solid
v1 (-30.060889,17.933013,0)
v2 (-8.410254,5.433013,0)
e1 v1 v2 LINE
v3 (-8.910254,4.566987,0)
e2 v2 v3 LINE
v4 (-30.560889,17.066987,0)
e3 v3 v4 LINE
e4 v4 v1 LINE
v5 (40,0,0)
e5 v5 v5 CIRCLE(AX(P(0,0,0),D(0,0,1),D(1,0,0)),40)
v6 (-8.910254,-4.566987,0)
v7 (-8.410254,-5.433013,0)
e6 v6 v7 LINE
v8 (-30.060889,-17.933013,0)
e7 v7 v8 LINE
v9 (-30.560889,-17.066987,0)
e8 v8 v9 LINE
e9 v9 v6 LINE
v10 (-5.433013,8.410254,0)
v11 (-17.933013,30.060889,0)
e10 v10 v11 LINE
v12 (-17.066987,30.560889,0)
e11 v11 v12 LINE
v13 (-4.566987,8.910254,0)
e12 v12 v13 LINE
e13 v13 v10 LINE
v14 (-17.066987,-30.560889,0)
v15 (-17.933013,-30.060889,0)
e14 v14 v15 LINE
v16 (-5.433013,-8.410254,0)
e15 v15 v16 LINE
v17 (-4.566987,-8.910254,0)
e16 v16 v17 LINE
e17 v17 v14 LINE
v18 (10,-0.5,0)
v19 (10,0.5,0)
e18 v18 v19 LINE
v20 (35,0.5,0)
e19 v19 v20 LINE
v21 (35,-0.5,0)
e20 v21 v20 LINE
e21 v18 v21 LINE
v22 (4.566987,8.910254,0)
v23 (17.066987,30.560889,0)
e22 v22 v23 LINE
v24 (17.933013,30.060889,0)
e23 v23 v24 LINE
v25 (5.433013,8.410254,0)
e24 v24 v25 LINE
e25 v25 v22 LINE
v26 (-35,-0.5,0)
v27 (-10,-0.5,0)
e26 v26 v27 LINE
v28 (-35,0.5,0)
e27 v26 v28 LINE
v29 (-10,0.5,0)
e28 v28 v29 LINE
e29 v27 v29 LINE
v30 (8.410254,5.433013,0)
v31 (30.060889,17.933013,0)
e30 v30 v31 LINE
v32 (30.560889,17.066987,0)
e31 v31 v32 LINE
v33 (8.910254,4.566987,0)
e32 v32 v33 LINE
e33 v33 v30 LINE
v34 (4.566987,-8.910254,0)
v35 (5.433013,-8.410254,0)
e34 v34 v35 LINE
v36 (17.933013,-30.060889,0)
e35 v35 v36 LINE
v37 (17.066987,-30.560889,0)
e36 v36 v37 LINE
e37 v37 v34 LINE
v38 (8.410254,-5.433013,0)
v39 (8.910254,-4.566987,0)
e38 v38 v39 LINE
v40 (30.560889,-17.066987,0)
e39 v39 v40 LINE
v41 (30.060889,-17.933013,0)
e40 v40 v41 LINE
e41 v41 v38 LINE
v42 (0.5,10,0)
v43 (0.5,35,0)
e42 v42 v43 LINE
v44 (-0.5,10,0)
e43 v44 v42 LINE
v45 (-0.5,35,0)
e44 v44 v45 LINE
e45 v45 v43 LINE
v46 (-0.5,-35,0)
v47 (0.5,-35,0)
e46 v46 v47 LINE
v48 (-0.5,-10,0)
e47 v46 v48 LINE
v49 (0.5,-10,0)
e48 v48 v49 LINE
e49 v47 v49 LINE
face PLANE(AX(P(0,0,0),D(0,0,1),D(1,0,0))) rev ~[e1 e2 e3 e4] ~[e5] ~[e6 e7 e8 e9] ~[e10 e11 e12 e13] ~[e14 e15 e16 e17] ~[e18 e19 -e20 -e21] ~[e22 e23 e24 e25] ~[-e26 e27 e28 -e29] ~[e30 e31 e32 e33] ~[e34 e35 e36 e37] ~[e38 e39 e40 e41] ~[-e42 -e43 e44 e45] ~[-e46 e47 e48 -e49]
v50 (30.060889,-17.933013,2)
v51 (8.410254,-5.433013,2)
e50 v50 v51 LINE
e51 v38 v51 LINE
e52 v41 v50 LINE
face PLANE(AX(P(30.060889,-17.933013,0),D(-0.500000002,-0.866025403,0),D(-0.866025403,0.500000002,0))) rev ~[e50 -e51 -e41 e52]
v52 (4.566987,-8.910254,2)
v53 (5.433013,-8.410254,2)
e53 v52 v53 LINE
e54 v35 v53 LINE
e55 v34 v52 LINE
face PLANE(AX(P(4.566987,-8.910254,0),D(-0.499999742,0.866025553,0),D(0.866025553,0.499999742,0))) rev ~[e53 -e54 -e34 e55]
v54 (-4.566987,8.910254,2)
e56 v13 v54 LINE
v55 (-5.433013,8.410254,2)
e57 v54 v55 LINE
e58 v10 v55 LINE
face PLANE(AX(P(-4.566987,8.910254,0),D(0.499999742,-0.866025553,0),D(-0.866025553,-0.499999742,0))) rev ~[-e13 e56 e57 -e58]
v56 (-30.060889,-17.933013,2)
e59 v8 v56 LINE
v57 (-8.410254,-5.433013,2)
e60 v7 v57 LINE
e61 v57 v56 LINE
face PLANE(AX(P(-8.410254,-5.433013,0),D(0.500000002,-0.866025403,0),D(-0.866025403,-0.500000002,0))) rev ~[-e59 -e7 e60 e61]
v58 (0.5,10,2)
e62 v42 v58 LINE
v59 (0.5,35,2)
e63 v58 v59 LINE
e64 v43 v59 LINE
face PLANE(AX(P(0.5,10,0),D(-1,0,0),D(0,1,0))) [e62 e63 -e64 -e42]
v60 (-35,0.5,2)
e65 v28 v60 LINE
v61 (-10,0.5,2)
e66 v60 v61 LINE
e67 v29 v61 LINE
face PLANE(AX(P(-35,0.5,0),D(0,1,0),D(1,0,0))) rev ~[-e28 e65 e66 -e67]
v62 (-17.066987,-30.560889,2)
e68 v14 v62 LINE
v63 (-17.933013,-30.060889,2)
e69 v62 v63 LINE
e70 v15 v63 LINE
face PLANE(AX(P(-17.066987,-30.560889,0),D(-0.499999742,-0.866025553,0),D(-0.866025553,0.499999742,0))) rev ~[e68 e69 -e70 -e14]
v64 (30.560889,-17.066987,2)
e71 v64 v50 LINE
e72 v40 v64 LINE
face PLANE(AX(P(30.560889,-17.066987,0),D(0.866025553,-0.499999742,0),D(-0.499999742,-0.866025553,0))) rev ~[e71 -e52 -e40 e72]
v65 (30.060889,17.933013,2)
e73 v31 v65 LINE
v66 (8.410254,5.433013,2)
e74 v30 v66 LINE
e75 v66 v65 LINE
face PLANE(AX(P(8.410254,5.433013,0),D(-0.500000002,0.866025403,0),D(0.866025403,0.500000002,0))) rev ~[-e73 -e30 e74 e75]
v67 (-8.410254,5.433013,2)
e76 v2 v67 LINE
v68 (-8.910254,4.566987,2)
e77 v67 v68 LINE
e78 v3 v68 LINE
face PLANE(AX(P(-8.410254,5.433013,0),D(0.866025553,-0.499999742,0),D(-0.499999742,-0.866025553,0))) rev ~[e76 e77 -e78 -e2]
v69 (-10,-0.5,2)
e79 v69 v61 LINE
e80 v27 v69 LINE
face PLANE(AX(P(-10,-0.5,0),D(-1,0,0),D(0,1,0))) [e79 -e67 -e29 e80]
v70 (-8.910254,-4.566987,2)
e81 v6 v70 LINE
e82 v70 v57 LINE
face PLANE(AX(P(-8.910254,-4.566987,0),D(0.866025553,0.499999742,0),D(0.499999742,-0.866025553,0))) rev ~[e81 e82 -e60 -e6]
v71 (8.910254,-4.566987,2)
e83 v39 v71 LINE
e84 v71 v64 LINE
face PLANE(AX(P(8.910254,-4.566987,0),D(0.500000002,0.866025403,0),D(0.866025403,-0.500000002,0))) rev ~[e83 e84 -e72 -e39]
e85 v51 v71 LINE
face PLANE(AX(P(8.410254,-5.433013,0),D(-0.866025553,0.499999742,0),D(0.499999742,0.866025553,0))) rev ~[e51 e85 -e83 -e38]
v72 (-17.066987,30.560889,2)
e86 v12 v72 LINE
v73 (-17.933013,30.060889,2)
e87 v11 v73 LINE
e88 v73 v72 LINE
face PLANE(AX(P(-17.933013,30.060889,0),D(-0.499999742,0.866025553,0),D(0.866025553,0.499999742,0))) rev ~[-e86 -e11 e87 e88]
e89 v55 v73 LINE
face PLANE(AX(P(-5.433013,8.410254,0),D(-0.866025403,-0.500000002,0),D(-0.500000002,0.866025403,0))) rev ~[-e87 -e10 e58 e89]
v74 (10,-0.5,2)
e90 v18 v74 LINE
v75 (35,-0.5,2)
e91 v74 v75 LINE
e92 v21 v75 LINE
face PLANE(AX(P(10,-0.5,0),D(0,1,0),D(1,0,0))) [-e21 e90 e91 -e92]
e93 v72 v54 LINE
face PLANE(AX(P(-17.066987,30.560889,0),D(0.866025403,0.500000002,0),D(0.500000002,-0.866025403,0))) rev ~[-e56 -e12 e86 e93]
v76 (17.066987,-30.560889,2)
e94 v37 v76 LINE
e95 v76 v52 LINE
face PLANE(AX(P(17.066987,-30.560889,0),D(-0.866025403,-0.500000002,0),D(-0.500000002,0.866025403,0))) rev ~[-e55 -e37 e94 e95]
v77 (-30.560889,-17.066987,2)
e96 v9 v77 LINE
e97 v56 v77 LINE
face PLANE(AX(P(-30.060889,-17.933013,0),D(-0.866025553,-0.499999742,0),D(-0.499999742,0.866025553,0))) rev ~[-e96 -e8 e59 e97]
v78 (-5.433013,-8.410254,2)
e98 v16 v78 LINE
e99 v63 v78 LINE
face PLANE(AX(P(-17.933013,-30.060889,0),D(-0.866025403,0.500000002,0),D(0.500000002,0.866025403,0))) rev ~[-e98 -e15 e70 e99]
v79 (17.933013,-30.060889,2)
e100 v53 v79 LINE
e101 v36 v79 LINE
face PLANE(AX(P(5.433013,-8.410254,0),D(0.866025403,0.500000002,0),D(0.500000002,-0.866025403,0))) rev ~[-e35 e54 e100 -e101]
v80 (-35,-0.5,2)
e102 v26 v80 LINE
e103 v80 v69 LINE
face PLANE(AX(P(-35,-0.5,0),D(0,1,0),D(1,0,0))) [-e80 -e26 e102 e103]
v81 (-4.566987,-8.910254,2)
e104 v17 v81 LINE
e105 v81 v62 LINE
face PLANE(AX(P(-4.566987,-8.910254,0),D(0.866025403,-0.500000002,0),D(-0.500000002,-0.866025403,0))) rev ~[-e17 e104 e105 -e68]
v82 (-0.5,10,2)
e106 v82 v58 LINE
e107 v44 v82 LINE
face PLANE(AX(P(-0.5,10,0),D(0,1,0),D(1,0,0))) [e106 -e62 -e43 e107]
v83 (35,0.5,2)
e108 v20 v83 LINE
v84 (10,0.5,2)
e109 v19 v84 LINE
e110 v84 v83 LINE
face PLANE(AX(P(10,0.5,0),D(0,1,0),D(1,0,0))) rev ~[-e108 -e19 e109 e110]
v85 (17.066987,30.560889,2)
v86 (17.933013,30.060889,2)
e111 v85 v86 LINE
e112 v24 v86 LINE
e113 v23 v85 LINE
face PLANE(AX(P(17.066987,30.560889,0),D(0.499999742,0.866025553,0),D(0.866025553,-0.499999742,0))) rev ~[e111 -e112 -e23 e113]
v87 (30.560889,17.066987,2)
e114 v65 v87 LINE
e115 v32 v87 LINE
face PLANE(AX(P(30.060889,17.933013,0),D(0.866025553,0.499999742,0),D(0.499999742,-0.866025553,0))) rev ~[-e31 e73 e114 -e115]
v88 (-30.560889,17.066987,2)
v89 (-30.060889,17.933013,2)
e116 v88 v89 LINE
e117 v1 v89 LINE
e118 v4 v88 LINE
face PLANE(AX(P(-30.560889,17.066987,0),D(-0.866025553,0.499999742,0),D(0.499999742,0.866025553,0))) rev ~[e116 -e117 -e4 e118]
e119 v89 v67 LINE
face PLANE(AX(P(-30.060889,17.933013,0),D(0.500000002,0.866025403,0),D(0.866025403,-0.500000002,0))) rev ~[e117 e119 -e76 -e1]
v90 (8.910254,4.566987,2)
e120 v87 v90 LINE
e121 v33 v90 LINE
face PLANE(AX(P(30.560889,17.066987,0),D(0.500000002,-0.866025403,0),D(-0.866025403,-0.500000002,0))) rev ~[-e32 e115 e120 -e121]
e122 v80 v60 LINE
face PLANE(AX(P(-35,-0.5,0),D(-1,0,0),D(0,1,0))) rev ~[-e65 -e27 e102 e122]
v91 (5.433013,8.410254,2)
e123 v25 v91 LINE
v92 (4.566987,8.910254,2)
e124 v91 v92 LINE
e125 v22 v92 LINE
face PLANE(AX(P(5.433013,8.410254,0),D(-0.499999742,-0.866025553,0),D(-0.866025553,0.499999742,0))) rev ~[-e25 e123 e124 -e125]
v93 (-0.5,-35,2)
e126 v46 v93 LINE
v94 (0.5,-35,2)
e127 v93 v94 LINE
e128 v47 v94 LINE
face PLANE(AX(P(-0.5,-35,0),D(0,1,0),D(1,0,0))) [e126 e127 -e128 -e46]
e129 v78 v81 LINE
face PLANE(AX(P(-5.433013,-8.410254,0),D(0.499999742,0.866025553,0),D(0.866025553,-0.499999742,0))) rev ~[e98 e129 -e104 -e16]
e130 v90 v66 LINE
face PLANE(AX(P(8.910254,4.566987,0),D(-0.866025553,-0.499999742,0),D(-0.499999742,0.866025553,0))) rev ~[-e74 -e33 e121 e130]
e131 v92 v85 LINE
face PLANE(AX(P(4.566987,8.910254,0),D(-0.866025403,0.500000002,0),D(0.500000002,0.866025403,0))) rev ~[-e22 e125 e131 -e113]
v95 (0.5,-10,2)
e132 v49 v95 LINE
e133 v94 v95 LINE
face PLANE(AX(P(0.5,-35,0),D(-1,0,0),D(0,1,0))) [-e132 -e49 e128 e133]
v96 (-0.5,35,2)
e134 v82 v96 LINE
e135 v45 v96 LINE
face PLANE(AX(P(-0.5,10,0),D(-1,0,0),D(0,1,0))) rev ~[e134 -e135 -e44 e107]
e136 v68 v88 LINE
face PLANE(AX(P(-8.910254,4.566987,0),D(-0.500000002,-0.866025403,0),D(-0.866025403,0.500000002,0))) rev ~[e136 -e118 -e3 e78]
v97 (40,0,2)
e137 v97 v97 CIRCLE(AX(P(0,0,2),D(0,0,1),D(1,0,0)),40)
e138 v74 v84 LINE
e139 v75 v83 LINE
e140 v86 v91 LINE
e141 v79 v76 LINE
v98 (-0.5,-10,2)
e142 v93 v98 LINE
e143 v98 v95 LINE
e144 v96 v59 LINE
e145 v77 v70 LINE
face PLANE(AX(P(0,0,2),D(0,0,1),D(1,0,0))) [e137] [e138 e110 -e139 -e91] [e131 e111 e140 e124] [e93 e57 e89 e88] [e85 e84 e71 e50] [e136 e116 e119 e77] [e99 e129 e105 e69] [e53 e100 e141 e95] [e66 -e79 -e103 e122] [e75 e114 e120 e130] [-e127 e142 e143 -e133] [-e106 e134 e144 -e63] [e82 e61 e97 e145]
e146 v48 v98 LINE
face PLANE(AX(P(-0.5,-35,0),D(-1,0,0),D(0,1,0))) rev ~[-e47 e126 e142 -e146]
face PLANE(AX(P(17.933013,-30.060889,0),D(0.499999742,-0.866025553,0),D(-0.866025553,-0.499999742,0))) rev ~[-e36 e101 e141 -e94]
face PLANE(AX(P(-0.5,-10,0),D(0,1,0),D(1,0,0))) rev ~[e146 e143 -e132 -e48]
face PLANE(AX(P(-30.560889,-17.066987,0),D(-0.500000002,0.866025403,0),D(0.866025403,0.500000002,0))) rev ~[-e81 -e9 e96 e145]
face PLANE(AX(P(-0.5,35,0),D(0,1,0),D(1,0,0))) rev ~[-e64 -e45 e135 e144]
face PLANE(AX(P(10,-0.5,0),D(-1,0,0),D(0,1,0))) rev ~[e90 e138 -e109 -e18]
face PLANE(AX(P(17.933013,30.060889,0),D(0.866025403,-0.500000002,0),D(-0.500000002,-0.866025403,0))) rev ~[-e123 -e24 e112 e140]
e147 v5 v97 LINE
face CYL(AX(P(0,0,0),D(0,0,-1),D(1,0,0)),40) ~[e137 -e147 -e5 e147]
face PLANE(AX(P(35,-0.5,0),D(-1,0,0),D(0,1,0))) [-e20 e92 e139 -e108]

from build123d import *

# Parameters (mm, degrees)
F0_R     = 40
F0_W     = 1
F0_H     = 25
F0_W_2   = 25
F0_H_2   = 1
F1_DEPTH = 2


with BuildPart() as f1:
    # F0 (on Top) → F1 (new body)
    with BuildSketch(Plane.XY):
        Circle(F0_R)
        Polygon((-4.566987, -8.910254), (-17.066987, -30.560889), (-17.933013, -30.060889), (-5.433013, -8.410254), align=None, mode=Mode.SUBTRACT)
        Polygon((-8.410254, -5.433013), (-30.060889, -17.933013), (-30.560889, -17.066987), (-8.910254, -4.566987), align=None, mode=Mode.SUBTRACT)
        with Locations((0, -22.5)):
            Rectangle(F0_W, F0_H, mode=Mode.SUBTRACT)
        Polygon((5.433013, -8.410254), (17.933013, -30.060889), (17.066987, -30.560889), (4.566987, -8.910254), align=None, mode=Mode.SUBTRACT)
        Polygon((8.910254, -4.566987), (30.560889, -17.066987), (30.060889, -17.933013), (8.410254, -5.433013), align=None, mode=Mode.SUBTRACT)
        with Locations((-22.5, 0)):
            Rectangle(F0_W_2, F0_H_2, mode=Mode.SUBTRACT)
        Polygon((-8.910254, 4.566987), (-30.560889, 17.066987), (-30.060889, 17.933013), (-8.410254, 5.433013), align=None, mode=Mode.SUBTRACT)
        Polygon((-5.433013, 8.410254), (-17.933013, 30.060889), (-17.066987, 30.560889), (-4.566987, 8.910254), align=None, mode=Mode.SUBTRACT)
        Polygon((8.410254, 5.433013), (30.060889, 17.933013), (30.560889, 17.066987), (8.910254, 4.566987), align=None, mode=Mode.SUBTRACT)
        Polygon((4.566987, 8.910254), (17.066987, 30.560889), (17.933013, 30.060889), (5.433013, 8.410254), align=None, mode=Mode.SUBTRACT)
        with Locations((22.5, 0)):
            Rectangle(F0_W_2, F0_H_2, mode=Mode.SUBTRACT)
        with Locations((0, 22.5)):
            Rectangle(F0_W, F0_H, mode=Mode.SUBTRACT)
    extrude(amount=F1_DEPTH)


solid = f1.part
